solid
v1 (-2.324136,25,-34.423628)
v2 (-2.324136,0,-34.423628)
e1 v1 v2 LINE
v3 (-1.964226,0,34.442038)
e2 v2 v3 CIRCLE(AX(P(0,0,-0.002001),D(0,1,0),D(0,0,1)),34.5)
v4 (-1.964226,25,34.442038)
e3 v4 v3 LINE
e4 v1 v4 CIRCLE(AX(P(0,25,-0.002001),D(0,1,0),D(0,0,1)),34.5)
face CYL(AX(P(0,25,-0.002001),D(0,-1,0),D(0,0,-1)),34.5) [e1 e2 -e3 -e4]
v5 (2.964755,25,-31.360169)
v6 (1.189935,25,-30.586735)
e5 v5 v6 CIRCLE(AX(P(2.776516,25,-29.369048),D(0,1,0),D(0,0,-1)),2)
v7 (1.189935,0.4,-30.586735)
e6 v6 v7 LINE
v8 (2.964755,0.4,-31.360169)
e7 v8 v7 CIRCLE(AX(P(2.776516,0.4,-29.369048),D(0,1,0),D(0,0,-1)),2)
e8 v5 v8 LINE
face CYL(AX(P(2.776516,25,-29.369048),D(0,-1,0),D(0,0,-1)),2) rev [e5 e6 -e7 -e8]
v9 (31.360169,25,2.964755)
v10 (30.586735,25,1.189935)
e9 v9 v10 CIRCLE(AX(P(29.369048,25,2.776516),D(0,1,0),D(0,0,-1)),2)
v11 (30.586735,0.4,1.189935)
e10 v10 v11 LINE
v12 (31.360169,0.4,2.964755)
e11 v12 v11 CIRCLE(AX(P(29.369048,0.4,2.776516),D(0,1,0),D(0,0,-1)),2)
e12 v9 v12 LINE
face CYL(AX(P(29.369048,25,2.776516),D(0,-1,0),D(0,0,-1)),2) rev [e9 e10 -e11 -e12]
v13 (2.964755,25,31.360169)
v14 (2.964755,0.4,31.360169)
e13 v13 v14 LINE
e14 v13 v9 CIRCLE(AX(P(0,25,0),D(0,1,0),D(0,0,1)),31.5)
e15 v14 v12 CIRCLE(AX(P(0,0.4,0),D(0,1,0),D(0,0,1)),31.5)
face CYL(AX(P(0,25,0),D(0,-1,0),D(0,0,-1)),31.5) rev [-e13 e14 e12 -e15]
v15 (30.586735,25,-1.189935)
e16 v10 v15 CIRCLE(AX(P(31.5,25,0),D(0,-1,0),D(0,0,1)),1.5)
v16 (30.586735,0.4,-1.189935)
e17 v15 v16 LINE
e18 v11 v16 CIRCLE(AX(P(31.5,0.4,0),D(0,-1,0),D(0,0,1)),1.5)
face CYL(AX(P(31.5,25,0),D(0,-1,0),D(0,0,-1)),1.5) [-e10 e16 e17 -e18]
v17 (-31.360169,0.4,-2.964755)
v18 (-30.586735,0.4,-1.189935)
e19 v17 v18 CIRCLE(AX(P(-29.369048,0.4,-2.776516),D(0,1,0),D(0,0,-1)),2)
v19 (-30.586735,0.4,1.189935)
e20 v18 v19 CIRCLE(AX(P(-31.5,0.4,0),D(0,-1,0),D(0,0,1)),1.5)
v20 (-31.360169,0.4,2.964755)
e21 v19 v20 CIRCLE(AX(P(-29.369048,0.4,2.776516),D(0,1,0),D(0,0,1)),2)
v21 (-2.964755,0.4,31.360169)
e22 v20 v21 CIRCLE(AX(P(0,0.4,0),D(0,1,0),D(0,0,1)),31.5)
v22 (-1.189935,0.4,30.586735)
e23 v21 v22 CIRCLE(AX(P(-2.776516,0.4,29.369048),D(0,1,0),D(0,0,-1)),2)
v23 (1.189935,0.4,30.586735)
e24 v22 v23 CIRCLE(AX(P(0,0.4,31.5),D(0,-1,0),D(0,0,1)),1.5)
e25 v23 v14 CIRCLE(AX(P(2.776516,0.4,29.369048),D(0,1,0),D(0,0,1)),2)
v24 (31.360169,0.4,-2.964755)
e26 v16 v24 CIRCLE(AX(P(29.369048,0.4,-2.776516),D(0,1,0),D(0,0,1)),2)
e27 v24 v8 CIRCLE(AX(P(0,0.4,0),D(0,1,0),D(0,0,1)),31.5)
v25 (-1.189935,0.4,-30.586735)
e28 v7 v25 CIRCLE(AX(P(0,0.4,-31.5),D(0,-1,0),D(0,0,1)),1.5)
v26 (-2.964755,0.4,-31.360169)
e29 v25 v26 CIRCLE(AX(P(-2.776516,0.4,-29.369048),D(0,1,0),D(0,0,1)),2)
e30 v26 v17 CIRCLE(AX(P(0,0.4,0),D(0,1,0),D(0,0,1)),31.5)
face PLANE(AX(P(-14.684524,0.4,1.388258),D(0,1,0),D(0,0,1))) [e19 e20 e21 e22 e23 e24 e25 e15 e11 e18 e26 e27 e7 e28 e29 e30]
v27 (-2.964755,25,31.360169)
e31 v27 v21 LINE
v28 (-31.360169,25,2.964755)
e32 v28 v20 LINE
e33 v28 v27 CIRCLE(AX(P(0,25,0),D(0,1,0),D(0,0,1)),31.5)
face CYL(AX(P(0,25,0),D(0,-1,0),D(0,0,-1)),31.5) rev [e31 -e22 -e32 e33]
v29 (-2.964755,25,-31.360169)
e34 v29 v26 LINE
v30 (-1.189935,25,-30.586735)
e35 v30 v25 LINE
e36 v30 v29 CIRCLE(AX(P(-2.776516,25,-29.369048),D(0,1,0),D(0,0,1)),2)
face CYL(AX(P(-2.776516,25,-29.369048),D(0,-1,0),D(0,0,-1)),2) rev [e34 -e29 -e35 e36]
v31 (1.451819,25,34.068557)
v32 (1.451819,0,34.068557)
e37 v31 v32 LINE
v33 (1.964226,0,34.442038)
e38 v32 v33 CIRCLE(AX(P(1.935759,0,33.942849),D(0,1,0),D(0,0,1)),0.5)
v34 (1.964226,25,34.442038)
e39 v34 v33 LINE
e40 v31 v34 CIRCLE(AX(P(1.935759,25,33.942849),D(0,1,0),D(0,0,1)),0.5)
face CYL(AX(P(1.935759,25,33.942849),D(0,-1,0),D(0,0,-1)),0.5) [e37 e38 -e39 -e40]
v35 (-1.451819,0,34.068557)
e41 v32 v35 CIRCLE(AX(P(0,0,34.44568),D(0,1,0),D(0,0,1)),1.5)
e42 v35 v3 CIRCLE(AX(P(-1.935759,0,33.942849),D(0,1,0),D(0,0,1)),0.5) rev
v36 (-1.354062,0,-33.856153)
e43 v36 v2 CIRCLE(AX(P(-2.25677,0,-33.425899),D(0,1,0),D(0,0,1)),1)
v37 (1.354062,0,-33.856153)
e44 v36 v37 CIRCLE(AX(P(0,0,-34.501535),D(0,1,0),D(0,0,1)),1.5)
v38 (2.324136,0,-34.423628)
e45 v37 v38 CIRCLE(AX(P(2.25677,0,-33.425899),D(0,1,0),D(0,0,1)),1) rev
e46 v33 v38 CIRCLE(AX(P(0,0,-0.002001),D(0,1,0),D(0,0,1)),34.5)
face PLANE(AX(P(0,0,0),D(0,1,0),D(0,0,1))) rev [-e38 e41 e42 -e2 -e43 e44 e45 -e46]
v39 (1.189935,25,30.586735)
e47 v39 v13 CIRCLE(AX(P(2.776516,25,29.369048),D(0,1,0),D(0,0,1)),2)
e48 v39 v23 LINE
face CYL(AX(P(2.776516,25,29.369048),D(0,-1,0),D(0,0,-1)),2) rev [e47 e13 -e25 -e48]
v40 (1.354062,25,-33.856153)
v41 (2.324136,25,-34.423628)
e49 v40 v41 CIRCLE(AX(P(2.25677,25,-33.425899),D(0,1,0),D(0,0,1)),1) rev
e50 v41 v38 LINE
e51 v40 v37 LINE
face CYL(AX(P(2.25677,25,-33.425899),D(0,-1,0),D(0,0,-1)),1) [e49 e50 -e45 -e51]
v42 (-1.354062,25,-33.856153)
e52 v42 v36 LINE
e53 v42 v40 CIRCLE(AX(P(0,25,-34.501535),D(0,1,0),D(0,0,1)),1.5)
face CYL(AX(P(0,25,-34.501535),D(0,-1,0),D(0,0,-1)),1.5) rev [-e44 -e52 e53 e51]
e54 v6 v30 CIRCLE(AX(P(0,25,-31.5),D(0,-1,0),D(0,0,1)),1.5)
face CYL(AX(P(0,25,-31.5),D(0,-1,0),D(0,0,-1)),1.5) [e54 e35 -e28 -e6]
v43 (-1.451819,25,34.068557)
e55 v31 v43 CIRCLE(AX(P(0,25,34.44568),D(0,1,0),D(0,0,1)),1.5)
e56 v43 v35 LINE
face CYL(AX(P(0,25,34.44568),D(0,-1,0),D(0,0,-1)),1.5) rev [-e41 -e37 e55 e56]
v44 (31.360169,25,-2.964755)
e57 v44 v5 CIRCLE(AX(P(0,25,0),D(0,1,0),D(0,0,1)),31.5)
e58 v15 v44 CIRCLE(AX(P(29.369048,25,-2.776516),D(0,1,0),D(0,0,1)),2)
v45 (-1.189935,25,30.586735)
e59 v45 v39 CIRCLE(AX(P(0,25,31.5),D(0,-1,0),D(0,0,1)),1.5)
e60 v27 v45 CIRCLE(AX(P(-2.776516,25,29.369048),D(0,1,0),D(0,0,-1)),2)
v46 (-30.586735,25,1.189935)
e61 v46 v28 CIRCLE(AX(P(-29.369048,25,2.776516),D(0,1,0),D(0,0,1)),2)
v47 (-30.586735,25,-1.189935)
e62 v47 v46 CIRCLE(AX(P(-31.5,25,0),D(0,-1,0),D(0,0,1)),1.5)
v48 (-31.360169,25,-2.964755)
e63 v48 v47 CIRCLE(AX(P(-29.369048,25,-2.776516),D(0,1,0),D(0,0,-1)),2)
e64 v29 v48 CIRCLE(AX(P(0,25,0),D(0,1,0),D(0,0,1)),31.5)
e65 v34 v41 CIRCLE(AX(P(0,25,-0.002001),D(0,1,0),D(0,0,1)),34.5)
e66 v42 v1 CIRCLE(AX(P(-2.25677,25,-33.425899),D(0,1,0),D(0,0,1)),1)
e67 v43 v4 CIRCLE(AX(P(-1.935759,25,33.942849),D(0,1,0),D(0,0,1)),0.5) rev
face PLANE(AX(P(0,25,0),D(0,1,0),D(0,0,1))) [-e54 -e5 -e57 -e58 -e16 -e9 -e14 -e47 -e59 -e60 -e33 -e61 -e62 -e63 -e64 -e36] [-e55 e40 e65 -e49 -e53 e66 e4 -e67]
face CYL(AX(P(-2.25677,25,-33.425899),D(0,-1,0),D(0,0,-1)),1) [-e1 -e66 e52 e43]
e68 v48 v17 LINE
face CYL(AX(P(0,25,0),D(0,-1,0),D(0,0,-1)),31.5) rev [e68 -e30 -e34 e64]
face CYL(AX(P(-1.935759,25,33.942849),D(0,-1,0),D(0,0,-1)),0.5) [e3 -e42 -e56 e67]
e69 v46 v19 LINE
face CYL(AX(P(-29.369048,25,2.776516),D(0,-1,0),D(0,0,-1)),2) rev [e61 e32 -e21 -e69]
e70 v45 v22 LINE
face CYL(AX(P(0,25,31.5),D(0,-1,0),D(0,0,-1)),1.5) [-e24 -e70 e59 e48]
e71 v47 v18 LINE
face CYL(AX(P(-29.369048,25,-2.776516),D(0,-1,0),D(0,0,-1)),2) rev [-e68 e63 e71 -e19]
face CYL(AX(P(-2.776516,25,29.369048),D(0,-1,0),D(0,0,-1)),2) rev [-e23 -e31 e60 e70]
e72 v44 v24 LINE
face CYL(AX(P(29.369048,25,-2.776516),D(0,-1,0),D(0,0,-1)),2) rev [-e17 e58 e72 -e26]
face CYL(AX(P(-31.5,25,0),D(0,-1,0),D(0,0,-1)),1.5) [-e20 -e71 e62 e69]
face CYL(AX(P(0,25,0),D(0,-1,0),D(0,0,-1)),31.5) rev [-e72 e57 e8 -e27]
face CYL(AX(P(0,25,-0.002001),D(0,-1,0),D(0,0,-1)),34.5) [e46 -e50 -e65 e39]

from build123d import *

# Parameters (mm, degrees)
BOSS_EXTRUDE1_DEPTH = 25
CUT_EXTRUDE2_DEPTH  = 26
BOSS_EXTRUDE2_DEPTH = 0.4


with BuildPart() as part:
    # Sketch1 → Boss-Extrude1 (new body)
    with BuildSketch(Plane(origin=(0, 0, 0), x_dir=(1, 0, 0), z_dir=(0, 1, 0))):
        with BuildLine():
            ThreePointArc((1.451818925, -34.068556857), (1.641248992, -34.346908706), (1.964225605, -34.442038138))
            ThreePointArc((1.964225605, -34.442038138), (26.591847487, -21.978073076), (34.198225299, 4.555174015))
            ThreePointArc((34.198225299, 4.555174015), (23.590291339, 25.176355888), (2.324135821, 34.423627607))
            ThreePointArc((2.324135821, 34.423627607), (1.751838249, 34.289058819), (1.354061739, 33.856153382))
            ThreePointArc((1.354061739, 33.856153382), (0, 33.001534515), (-1.354061739, 33.856153382))
            ThreePointArc((-1.354061739, 33.856153382), (-1.751838249, 34.289058819), (-2.324135821, 34.423627607))
            ThreePointArc((-2.324135821, 34.423627607), (-23.590291339, 25.176355888), (-34.198225299, 4.555174015))
            ThreePointArc((-34.198225299, 4.555174015), (-26.591847487, -21.978073076), (-1.964225605, -34.442038138))
            ThreePointArc((-1.964225605, -34.442038138), (-1.641248992, -34.346908706), (-1.451818925, -34.068556857))
            ThreePointArc((-1.451818925, -34.068556857), (0, -32.945679925), (1.451818925, -34.068556857))
        make_face()
        with BuildLine():
            Line((-2.417, 3.787737139), (0, 3.787737139))
            Line((0, 3.787737139), (2.417, 3.787737139))
            ThreePointArc((2.417, 3.787737139), (0, -4.489512172), (-2.417, 3.787737139))
        make_face(mode=Mode.SUBTRACT)
    extrude(amount=BOSS_EXTRUDE1_DEPTH)

    # Sketch2 → Cut-Extrude2 (cut, through all)
    with BuildSketch(Plane(origin=(0, 0, 0), x_dir=(1, 0, 0), z_dir=(0, 1, 0))):
        with BuildLine():
            ThreePointArc((-31.360169492, -2.964754537), (-22.273863607, -22.273863607), (-2.964754537, -31.360169492))
            ThreePointArc((-2.964754537, -31.360169492), (-1.977522645, -31.202516837), (-1.189935494, -30.586734694))
            ThreePointArc((-1.189935494, -30.586734694), (0, -30), (1.189935494, -30.586734694))
            ThreePointArc((1.189935494, -30.586734694), (1.977522645, -31.202516837), (2.964754537, -31.360169492))
            ThreePointArc((2.964754537, -31.360169492), (22.273863607, -22.273863607), (31.360169492, -2.964754537))
            ThreePointArc((31.360169492, -2.964754537), (31.202516837, -1.977522645), (30.586734694, -1.189935494))
            ThreePointArc((30.586734694, -1.189935494), (30, 0), (30.586734694, 1.189935494))
            ThreePointArc((30.586734694, 1.189935494), (31.202516837, 1.977522645), (31.360169492, 2.964754537))
            ThreePointArc((31.360169492, 2.964754537), (22.273863607, 22.273863607), (2.964754537, 31.360169492))
            ThreePointArc((2.964754537, 31.360169492), (1.977522645, 31.202516837), (1.189935494, 30.586734694))
            ThreePointArc((1.189935494, 30.586734694), (0, 30), (-1.189935494, 30.586734694))
            ThreePointArc((-1.189935494, 30.586734694), (-1.977522645, 31.202516837), (-2.964754537, 31.360169492))
            ThreePointArc((-2.964754537, 31.360169492), (-22.273863607, 22.273863607), (-31.360169492, 2.964754537))
            ThreePointArc((-31.360169492, 2.964754537), (-31.202516837, 1.977522645), (-30.586734694, 1.189935494))
            ThreePointArc((-30.586734694, 1.189935494), (-30, 0), (-30.586734694, -1.189935494))
            ThreePointArc((-30.586734694, -1.189935494), (-31.202516837, -1.977522645), (-31.360169492, -2.964754537))
        make_face()
    extrude(amount=CUT_EXTRUDE2_DEPTH, mode=Mode.SUBTRACT)

    # Sketch2<2> → Boss-Extrude2 (add)
    with BuildSketch(Plane(origin=(0, 0, 0), x_dir=(1, 0, 0), z_dir=(0, 1, 0))):
        with BuildLine():
            ThreePointArc((-31.360169492, -2.964754537), (-22.273863607, -22.273863607), (-2.964754537, -31.360169492))
            ThreePointArc((-2.964754537, -31.360169492), (-1.977522645, -31.202516837), (-1.189935494, -30.586734694))
            ThreePointArc((-1.189935494, -30.586734694), (0, -30), (1.189935494, -30.586734694))
            ThreePointArc((1.189935494, -30.586734694), (1.977522645, -31.202516837), (2.964754537, -31.360169492))
            ThreePointArc((2.964754537, -31.360169492), (22.273863607, -22.273863607), (31.360169492, -2.964754537))
            ThreePointArc((31.360169492, -2.964754537), (31.202516837, -1.977522645), (30.586734694, -1.189935494))
            ThreePointArc((30.586734694, -1.189935494), (30, 0), (30.586734694, 1.189935494))
            ThreePointArc((30.586734694, 1.189935494), (31.202516837, 1.977522645), (31.360169492, 2.964754537))
            ThreePointArc((31.360169492, 2.964754537), (22.273863607, 22.273863607), (2.964754537, 31.360169492))
            ThreePointArc((2.964754537, 31.360169492), (1.977522645, 31.202516837), (1.189935494, 30.586734694))
            ThreePointArc((1.189935494, 30.586734694), (0, 30), (-1.189935494, 30.586734694))
            ThreePointArc((-1.189935494, 30.586734694), (-1.977522645, 31.202516837), (-2.964754537, 31.360169492))
            ThreePointArc((-2.964754537, 31.360169492), (-22.273863607, 22.273863607), (-31.360169492, 2.964754537))
            ThreePointArc((-31.360169492, 2.964754537), (-31.202516837, 1.977522645), (-30.586734694, 1.189935494))
            ThreePointArc((-30.586734694, 1.189935494), (-30, 0), (-30.586734694, -1.189935494))
            ThreePointArc((-30.586734694, -1.189935494), (-31.202516837, -1.977522645), (-31.360169492, -2.964754537))
        make_face()
    extrude(amount=BOSS_EXTRUDE2_DEPTH)


solid = part.part
